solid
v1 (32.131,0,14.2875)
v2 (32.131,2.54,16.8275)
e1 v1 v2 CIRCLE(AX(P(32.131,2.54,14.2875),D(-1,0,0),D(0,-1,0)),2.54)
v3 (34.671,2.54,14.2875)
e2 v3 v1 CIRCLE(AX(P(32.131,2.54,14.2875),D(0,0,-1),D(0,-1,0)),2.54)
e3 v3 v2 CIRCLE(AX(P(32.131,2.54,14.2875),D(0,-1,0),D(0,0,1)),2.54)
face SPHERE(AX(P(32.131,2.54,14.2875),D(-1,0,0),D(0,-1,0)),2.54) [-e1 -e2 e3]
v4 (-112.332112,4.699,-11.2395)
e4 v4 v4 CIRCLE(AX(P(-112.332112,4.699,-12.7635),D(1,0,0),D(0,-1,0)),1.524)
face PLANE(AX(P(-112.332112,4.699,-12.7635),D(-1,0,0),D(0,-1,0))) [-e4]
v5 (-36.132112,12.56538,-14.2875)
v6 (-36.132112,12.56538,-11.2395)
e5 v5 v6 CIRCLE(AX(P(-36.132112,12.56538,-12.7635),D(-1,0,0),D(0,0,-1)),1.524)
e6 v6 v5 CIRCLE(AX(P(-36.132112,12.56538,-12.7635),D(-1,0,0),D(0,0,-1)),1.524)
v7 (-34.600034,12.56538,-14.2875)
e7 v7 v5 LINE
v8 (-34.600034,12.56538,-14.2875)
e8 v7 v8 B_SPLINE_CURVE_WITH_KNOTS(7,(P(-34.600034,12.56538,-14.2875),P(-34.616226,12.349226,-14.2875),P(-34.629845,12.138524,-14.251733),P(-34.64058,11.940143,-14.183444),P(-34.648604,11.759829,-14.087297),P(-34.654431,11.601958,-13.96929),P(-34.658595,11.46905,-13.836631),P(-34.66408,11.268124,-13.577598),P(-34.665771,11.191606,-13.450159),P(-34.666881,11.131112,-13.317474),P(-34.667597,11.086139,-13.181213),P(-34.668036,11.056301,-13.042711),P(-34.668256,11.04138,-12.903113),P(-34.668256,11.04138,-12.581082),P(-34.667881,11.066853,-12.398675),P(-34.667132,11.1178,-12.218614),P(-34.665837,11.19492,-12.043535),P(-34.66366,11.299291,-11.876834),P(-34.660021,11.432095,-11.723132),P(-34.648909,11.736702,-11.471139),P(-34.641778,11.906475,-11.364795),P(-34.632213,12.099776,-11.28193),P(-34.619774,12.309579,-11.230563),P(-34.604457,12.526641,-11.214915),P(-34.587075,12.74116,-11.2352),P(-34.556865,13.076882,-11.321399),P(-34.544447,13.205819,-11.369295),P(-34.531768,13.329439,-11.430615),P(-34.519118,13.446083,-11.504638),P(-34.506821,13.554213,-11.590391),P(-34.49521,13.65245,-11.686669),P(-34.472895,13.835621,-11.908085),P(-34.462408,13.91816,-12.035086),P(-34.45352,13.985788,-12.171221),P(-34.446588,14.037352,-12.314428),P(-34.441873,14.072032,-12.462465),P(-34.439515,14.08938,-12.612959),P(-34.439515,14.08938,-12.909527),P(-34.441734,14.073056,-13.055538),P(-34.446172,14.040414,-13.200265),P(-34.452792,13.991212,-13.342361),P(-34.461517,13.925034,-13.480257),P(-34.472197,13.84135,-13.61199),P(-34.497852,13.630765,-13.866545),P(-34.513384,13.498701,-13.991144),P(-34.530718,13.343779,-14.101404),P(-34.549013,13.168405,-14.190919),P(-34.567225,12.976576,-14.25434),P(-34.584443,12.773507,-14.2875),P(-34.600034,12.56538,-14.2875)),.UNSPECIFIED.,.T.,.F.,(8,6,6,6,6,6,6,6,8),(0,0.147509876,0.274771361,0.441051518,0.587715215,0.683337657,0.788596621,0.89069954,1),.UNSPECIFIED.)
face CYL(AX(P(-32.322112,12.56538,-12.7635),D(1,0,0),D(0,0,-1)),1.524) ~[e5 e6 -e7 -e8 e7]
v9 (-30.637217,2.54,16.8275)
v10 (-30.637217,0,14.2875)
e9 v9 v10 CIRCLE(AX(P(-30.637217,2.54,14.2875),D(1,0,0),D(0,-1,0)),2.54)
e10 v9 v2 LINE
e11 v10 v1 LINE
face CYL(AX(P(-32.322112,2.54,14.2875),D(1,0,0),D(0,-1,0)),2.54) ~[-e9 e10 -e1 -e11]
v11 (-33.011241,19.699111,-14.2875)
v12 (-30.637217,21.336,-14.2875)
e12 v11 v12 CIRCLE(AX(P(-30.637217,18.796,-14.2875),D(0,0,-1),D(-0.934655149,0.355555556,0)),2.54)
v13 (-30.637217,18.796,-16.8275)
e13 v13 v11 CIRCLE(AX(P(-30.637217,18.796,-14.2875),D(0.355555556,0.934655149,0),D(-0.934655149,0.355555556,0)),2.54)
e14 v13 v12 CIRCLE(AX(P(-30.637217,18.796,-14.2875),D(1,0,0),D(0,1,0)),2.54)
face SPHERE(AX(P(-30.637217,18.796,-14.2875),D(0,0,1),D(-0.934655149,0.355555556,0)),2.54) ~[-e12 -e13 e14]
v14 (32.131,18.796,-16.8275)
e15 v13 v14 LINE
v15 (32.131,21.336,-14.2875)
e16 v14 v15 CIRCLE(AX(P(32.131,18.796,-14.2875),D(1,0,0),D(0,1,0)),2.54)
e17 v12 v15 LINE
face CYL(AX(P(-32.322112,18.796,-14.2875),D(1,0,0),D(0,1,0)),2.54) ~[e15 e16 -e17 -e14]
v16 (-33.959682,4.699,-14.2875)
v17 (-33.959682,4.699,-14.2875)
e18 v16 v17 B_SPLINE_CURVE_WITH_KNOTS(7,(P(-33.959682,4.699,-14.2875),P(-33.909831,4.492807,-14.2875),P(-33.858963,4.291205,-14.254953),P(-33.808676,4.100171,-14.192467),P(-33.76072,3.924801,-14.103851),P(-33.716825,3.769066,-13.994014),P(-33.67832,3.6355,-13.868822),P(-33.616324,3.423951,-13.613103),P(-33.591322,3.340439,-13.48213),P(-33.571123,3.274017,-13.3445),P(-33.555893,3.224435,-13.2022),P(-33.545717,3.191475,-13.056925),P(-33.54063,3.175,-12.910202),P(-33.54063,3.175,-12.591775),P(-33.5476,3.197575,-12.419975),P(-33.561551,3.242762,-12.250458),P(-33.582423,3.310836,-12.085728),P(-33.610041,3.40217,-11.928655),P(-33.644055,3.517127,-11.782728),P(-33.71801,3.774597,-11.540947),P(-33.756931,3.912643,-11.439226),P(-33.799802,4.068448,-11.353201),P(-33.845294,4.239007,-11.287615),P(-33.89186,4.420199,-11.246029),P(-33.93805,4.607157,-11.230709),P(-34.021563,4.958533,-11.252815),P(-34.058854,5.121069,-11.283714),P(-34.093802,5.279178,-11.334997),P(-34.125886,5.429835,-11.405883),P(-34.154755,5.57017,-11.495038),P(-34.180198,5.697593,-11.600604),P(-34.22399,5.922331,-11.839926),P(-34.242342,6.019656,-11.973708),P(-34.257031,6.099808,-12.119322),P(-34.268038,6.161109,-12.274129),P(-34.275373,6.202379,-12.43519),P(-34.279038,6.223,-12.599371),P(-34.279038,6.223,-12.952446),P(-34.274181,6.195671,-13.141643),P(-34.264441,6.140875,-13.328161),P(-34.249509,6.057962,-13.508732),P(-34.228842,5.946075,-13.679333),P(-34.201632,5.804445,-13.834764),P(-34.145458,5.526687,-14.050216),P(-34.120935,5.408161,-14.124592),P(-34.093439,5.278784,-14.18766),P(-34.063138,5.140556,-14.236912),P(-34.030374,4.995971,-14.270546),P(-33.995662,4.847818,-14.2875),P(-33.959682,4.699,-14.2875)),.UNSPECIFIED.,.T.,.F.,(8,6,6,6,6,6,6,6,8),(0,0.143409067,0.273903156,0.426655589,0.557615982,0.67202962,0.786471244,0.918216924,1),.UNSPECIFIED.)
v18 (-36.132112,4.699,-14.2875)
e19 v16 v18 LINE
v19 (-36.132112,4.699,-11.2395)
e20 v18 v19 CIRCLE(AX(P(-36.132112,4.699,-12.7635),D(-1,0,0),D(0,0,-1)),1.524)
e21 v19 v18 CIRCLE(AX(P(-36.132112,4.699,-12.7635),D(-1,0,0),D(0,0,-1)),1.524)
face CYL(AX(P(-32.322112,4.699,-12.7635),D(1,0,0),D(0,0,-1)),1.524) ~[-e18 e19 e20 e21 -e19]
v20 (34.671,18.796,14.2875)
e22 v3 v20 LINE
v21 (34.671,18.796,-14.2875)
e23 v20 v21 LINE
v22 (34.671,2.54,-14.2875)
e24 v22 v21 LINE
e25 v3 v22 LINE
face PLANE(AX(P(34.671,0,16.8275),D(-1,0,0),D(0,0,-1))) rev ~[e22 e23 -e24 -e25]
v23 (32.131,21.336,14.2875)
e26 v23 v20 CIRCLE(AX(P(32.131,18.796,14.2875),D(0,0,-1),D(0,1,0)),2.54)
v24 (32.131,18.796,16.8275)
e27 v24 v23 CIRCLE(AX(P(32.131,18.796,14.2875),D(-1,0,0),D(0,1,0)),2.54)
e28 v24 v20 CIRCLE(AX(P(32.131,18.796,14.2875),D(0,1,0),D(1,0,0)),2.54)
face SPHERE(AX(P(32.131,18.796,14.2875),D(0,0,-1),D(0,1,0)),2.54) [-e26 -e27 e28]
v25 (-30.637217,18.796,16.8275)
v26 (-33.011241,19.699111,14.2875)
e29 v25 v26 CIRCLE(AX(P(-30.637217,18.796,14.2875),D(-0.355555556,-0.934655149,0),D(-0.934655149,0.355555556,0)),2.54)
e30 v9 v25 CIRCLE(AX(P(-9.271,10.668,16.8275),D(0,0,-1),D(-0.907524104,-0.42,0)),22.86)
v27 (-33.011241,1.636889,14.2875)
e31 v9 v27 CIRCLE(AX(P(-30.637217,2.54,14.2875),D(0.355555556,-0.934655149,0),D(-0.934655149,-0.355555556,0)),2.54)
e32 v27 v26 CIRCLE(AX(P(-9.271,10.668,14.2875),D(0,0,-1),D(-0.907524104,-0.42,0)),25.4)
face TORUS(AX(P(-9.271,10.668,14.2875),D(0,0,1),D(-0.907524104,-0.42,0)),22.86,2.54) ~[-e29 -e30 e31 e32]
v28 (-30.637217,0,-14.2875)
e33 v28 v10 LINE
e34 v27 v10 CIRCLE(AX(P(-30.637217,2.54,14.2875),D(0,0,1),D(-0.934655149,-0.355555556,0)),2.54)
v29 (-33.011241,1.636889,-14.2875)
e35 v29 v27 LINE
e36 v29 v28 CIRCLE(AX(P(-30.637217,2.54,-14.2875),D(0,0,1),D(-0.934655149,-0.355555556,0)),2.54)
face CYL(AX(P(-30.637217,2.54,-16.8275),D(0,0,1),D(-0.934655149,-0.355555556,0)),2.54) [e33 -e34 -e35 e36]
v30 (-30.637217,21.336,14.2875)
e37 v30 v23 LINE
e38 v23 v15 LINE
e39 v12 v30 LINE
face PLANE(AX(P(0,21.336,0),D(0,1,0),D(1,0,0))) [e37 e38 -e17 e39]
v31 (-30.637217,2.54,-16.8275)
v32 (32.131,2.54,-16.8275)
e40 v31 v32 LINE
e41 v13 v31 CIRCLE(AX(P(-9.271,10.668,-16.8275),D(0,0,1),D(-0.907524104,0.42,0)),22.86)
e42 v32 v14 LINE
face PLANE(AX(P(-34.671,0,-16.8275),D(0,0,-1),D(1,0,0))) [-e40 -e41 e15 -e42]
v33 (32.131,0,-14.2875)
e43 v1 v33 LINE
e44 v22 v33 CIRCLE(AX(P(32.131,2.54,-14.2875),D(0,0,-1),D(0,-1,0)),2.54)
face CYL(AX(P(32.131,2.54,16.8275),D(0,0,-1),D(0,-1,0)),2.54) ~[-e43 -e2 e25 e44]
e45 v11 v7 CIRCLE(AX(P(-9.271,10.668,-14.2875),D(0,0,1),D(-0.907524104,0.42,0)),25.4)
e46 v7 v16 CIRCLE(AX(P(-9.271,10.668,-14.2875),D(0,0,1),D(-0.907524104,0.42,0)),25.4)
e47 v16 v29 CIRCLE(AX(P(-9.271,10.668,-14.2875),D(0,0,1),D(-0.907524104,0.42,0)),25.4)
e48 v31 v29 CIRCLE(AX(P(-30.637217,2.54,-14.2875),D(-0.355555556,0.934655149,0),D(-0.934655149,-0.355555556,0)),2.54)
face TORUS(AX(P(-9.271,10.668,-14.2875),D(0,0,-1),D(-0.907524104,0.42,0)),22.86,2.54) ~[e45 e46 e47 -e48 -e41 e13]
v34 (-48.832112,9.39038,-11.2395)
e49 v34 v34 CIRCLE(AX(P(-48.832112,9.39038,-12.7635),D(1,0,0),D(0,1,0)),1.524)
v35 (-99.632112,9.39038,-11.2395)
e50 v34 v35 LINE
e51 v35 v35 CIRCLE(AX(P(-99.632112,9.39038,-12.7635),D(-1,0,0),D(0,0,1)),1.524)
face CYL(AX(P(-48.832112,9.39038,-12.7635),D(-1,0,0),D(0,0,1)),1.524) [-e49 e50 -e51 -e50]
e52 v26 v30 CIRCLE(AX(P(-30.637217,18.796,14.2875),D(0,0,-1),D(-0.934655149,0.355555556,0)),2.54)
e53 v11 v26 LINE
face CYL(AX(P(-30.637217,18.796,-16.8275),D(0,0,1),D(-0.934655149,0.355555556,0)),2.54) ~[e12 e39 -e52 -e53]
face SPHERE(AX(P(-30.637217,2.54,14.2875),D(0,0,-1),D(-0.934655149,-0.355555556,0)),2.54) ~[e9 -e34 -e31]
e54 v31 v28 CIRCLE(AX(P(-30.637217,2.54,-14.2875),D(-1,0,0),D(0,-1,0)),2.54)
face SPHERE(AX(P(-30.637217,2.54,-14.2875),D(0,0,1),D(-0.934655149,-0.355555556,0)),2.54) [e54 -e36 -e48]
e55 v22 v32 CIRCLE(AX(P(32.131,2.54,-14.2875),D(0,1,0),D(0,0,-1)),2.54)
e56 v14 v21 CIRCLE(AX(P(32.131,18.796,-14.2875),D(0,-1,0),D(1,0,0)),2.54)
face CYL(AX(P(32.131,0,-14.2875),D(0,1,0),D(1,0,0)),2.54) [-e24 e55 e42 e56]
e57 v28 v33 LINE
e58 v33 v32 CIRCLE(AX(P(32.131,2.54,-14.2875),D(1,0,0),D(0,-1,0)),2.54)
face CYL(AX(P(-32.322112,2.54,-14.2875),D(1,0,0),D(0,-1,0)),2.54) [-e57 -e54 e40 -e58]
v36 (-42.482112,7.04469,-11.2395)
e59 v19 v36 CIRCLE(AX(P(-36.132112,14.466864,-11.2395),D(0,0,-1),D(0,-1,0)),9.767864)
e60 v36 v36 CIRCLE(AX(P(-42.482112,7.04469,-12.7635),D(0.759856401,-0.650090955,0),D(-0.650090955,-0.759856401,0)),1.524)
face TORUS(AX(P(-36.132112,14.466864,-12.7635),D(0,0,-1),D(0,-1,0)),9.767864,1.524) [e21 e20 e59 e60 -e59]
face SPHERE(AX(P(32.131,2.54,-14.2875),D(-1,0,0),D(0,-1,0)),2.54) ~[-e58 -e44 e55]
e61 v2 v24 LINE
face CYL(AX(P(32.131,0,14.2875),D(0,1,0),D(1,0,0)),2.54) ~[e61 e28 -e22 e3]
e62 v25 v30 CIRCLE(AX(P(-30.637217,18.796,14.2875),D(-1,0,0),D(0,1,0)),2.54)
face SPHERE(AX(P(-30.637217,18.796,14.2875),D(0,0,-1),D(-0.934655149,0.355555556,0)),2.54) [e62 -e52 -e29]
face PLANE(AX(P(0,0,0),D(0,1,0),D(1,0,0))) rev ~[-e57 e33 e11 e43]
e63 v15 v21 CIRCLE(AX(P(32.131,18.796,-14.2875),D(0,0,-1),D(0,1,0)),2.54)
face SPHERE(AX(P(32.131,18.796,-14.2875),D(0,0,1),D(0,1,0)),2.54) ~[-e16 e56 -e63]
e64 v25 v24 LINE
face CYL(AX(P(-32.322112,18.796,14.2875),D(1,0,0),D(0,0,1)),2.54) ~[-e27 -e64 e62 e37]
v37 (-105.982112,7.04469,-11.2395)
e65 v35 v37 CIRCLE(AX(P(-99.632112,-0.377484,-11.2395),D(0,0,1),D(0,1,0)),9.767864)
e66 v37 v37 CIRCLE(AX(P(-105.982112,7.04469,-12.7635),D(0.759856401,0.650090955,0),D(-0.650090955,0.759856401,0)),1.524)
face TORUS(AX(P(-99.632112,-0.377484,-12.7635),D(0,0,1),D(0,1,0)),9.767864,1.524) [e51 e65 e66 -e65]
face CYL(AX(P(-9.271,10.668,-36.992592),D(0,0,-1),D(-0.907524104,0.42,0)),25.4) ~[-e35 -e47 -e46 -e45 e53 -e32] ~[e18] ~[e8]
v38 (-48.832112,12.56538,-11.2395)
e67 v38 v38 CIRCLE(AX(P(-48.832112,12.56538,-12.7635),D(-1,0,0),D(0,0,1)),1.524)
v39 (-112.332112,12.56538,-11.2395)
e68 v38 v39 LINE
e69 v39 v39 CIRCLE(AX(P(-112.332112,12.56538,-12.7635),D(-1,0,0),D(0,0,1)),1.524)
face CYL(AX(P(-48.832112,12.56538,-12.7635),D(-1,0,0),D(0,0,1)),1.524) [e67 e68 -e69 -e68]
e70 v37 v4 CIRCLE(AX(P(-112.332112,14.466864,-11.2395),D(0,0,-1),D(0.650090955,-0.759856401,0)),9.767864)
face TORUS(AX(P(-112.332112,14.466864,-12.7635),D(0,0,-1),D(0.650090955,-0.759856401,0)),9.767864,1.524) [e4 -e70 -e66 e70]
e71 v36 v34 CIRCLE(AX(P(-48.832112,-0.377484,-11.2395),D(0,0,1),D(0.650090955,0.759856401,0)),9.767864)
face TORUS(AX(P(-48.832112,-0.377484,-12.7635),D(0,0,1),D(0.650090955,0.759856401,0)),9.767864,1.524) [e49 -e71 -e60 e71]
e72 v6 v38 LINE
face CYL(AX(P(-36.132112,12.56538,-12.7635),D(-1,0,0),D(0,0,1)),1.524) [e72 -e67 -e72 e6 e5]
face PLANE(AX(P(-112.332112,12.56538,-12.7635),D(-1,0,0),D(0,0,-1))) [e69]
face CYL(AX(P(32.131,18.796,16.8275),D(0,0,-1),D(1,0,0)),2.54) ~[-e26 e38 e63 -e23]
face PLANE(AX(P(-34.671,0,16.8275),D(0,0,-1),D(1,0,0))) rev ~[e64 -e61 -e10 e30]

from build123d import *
from build123d.topology import SkipClean

# Parameters (mm, degrees)
SKETCH1_W               = 69.342
SKETCH1_H               = 33.655
BOSS_EXTRUDE1_DEPTH     = 21.336
CUT_EXTRUDE2_DEPTH      = 53.820092408
CUT_EXTRUDE2_DEPTH_BACK = 53.820092408
FILLET1_R               = 2.54
SKETCH3_R               = 1.524
BOSS_EXTRUDE2_DEPTH     = 3.81
SKETCH5_R               = 1.524
SKETCH5_3_R             = 1.524


with BuildPart() as part:
    # Sketch1 → Boss-Extrude1 (new body)
    with BuildSketch(Plane(origin=(0, 0, 0), x_dir=(1, 0, 0), z_dir=(0, 1, 0))):
        Rectangle(SKETCH1_W, SKETCH1_H)
    extrude(amount=BOSS_EXTRUDE1_DEPTH)

    # Sketch2 → Cut-Extrude2 (cut, two sides: drawn at the far end of the back side and taken through both)
    with BuildSketch(Plane.XY.offset(16.8275).offset(-CUT_EXTRUDE2_DEPTH_BACK)):
        with BuildLine():
            Line((30.937128183, 158.024775042), (-32.322112251, 21.336))
            ThreePointArc((-32.322112251, 21.336), (-34.671, 10.668), (-32.322112251, 0))
            Line((-32.322112251, 0), (30.937128183, -136.688775042))
            Line((30.937128183, -136.688775042), (-270.297350074, -136.688775042))
            Line((-270.297350074, -136.688775042), (-270.297350074, 158.024775042))
            Line((-270.297350074, 158.024775042), (30.937128183, 158.024775042))
        make_face()
    extrude(amount=CUT_EXTRUDE2_DEPTH + CUT_EXTRUDE2_DEPTH_BACK, mode=Mode.SUBTRACT)

    # Fillet1
    fillet1_edges = [part.edges().sort_by_distance(p)[0] for p in [
        (34.671, 21.336, 0),
        (1.174443875, 21.336, -16.8275),
        (1.174443875, 0, 16.8275),
        (-32.322112251, 0, 0),
        (1.174443875, 21.336, 16.8275),
        (-32.322112251, 21.336, 0),
        (-34.671, 10.668, 16.8275),
        (-34.671, 10.668, -16.8275),
        (1.174443875, 0, -16.8275),
        (34.671, 0, 0),
        (34.671, 10.668, -16.8275),
        (34.671, 10.668, 16.8275),
    ]]
    fillet(fillet1_edges, radius=FILLET1_R)

    # Sketch3 → Boss-Extrude2 (add)
    with BuildSketch(Plane.ZY.offset(32.322112251)):
        with Locations(Location((-12.7635, 12.56538, 0), (0, 0, 180))):
            Circle(SKETCH3_R)
        with Locations(Location((-12.7635, 4.699, 0), (0, 0, 180))):
            Circle(SKETCH3_R)
    extrude(amount=BOSS_EXTRUDE2_DEPTH)

    # Sweep1: sweep along a path in Sketch4
    with SkipClean():  # the faces are left unmerged after this step: merging them gives an invalid solid
        with BuildLine(Plane.XY.offset(-12.7635)) as sweep1_path:
            Line((-36.132112251, 12.56538), (-48.832112251, 12.56538))
            Line((-48.832112251, 12.56538), (-112.332112251, 12.56538))
        # Sketch5 → Sweep1 (sweep)
        with BuildSketch(Plane.ZY.offset(36.132112251)):
            with Locations((-12.7635, 12.56538)):
                Circle(SKETCH5_R)
        sweep(path=sweep1_path.line)

    # Sweep2: sweep along a path in Sketch4<3>
    with SkipClean():  # the faces are left unmerged after this step: merging them gives an invalid solid
        with BuildLine(Plane.XY.offset(-12.7635)) as sweep2_path:
            ThreePointArc((-36.132112251, 4.699), (-39.516811705, 5.304169163), (-42.482112251, 7.04469))
            ThreePointArc((-42.482112251, 7.04469), (-45.447412797, 8.785210837), (-48.832112251, 9.39038))
            Line((-48.832112251, 9.39038), (-99.632112251, 9.39038))
            ThreePointArc((-99.632112251, 9.39038), (-103.016811705, 8.785210837), (-105.982112251, 7.04469))
            ThreePointArc((-105.982112251, 7.04469), (-108.947412797, 5.304169163), (-112.332112251, 4.699))
        # Sketch5<3> → Sweep2 (sweep)
        with BuildSketch(Plane.ZY.offset(36.132112251)):
            with Locations((-12.7635, 4.699)):
                Circle(SKETCH5_3_R)
        sweep(path=sweep2_path.line)


solid = part.part
